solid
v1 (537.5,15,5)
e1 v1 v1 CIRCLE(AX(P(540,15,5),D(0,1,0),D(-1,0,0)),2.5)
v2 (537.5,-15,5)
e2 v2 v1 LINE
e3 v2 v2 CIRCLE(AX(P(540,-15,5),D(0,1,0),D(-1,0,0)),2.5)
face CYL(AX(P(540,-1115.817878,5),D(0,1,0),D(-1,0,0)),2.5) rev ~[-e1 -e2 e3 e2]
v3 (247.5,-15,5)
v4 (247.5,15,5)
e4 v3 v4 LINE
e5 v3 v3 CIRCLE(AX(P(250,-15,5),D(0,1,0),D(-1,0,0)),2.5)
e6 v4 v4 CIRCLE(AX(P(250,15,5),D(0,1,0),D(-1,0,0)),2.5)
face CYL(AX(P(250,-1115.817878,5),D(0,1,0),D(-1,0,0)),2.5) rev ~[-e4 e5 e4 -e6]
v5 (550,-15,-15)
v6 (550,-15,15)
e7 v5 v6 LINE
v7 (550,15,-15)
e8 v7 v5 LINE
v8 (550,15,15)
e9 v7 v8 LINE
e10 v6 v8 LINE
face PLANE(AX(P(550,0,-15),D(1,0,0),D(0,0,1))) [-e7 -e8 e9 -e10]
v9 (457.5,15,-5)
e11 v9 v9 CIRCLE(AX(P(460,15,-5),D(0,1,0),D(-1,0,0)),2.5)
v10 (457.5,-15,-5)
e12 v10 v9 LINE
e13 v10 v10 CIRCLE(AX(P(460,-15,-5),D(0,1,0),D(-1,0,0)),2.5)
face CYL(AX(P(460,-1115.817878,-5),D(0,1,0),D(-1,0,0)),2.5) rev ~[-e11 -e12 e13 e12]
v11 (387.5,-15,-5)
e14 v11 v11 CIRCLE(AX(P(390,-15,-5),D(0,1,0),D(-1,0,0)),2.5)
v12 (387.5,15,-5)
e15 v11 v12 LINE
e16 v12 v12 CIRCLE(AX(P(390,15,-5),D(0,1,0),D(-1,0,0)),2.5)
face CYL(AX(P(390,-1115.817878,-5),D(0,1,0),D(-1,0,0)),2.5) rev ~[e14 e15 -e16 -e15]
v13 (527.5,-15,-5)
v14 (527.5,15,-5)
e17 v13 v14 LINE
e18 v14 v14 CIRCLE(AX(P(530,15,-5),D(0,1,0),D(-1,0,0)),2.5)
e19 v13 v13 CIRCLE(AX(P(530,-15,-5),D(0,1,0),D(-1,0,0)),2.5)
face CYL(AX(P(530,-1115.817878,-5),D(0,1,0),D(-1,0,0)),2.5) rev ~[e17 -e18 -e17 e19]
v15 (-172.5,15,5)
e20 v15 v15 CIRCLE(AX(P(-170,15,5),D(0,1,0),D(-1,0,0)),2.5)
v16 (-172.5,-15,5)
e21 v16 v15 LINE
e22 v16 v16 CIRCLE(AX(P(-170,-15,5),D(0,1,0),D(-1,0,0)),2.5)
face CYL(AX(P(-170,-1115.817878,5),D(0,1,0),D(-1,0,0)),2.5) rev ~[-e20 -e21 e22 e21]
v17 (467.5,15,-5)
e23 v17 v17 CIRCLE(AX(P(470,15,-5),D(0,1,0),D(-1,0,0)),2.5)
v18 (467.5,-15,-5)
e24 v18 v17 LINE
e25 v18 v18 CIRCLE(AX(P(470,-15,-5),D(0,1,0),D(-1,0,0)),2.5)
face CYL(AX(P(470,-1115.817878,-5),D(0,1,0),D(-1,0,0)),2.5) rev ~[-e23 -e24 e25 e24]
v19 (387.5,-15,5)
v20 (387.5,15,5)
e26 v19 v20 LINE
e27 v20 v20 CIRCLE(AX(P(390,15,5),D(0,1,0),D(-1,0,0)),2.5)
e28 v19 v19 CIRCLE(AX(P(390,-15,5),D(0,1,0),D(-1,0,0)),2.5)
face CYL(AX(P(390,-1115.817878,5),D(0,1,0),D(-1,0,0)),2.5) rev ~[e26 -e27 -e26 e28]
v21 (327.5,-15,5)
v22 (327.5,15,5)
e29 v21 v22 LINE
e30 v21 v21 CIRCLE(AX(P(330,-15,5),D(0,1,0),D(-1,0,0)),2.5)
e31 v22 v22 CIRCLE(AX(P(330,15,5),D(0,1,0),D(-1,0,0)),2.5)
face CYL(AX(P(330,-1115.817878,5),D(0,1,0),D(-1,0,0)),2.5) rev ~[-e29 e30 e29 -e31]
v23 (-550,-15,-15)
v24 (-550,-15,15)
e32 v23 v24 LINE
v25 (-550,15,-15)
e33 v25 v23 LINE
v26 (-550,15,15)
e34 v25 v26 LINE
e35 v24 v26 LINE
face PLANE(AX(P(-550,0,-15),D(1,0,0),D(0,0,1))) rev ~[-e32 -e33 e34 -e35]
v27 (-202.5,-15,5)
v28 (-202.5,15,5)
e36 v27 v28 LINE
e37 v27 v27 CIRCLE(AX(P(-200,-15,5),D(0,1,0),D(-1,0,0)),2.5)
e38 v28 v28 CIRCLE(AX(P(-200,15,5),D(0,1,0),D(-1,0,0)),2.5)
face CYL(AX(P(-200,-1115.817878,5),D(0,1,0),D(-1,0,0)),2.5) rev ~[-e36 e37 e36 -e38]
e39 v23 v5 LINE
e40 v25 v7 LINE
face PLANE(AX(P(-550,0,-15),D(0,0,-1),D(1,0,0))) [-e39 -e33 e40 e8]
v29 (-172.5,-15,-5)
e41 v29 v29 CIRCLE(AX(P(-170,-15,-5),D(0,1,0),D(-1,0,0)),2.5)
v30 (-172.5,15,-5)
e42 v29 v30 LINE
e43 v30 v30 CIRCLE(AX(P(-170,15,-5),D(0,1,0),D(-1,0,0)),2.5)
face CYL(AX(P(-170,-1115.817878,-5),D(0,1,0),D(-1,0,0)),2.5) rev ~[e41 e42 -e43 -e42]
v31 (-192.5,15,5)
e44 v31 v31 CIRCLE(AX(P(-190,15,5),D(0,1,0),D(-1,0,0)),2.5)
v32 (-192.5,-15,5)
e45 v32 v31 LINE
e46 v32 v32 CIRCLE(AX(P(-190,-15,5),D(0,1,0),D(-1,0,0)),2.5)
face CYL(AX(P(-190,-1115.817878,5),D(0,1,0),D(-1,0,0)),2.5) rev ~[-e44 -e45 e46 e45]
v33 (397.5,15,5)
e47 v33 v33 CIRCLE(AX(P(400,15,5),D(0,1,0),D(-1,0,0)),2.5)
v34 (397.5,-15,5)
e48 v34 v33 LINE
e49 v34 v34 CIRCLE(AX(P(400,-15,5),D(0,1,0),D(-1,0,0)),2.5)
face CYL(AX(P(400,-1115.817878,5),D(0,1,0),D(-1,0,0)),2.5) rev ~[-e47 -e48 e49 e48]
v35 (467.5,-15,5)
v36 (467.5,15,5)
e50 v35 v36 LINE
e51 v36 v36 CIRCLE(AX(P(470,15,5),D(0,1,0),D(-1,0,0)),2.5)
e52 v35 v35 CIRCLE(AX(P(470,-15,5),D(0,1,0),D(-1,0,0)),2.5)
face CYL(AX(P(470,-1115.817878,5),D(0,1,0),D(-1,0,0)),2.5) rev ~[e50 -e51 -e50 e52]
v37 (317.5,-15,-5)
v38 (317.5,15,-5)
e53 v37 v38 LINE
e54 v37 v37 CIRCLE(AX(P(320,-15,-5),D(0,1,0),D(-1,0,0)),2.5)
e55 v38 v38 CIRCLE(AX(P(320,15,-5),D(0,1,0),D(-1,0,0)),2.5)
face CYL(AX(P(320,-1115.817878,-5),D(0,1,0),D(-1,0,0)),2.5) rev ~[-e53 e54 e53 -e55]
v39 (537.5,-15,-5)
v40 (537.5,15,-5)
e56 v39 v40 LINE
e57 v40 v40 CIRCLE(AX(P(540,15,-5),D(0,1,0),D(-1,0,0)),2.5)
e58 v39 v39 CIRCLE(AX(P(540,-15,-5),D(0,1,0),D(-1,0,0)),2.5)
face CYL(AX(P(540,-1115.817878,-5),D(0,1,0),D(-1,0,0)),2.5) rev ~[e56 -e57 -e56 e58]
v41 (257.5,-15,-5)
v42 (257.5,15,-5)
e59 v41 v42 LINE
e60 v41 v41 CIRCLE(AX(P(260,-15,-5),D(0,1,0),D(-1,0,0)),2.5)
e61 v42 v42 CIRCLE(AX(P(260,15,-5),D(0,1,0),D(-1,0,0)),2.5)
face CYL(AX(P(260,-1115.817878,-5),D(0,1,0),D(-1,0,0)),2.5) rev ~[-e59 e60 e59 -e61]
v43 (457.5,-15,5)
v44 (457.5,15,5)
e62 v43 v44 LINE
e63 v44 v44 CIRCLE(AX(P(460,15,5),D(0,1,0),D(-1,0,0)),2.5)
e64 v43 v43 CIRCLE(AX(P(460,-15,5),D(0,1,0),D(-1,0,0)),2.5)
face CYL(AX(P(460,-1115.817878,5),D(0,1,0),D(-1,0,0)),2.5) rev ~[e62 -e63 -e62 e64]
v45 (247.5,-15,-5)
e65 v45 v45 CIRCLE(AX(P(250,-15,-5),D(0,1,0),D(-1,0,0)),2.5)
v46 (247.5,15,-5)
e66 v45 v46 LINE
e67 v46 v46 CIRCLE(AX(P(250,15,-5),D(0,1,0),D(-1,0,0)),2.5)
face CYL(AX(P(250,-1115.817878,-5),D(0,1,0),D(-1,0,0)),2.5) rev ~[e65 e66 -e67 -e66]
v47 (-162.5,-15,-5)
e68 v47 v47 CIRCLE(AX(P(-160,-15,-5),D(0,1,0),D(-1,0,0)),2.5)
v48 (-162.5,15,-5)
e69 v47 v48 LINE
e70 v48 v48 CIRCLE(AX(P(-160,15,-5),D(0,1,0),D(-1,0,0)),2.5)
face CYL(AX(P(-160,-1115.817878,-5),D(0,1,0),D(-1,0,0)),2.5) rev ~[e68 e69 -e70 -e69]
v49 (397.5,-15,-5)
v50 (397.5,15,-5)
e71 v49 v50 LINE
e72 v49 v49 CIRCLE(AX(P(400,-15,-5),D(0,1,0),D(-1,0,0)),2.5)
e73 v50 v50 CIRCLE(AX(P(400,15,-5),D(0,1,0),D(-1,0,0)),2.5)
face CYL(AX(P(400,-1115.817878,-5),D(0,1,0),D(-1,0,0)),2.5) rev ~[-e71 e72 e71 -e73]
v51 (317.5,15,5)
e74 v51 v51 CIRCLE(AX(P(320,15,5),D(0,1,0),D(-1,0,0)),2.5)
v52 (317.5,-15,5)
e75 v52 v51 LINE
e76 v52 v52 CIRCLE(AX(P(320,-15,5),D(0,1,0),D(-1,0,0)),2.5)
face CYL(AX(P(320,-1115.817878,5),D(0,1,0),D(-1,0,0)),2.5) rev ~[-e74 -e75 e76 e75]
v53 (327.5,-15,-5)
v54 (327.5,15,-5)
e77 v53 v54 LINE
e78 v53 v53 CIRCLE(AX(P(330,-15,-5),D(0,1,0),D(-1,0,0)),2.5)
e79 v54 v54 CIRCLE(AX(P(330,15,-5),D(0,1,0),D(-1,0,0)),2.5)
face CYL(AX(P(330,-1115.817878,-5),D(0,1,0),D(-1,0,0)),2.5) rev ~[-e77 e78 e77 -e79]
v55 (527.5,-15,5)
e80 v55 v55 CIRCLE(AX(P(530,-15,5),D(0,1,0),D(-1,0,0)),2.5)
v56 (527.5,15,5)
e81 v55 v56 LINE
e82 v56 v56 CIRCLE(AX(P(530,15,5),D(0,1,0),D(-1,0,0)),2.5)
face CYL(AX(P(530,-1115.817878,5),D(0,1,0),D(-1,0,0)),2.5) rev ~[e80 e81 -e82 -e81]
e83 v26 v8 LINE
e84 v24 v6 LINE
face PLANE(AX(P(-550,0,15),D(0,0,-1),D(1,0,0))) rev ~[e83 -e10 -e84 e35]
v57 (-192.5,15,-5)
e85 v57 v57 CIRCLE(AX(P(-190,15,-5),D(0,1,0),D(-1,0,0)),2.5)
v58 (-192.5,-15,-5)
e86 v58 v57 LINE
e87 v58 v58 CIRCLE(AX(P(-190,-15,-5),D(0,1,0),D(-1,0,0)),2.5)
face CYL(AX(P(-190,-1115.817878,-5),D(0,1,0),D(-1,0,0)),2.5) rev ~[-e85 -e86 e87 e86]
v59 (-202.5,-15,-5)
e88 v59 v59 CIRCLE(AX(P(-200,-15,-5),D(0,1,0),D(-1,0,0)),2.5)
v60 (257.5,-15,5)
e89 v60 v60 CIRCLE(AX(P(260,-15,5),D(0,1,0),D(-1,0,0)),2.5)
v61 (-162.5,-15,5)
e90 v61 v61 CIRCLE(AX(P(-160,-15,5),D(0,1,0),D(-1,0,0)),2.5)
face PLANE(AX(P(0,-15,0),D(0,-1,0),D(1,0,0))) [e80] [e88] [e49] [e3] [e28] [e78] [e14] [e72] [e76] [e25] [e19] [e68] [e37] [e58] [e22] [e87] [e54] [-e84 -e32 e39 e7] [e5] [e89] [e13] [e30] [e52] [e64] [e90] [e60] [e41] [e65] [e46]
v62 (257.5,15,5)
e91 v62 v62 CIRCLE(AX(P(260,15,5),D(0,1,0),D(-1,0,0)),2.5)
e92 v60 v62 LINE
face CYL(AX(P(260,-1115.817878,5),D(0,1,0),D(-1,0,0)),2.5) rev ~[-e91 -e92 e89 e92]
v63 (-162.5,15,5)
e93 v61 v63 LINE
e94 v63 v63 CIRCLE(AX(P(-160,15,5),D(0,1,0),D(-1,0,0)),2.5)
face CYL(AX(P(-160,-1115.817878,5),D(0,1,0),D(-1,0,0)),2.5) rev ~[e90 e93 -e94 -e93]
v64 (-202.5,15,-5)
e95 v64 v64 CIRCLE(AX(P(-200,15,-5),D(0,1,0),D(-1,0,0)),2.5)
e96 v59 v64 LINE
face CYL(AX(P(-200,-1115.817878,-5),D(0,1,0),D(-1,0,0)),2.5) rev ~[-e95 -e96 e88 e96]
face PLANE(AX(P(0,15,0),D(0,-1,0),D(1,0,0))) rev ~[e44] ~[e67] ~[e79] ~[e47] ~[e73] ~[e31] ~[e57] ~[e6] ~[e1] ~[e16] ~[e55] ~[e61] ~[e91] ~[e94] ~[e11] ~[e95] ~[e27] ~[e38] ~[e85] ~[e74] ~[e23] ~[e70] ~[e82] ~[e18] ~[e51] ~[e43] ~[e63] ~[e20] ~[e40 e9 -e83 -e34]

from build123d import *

# Parameters (mm, degrees)
F0_W     = 1100
F0_H     = 30
F1_DEPTH = 15
F3_D     = 5


with BuildPart() as f1:
    # F0 (on Front) → F1 (new body, symmetric)
    with BuildSketch(Plane.XZ):
        Rectangle(F0_W, F0_H)
    extrude(amount=F1_DEPTH, both=True)

    # F3 (through all)
    with Locations(Plane.XZ.offset(15)):
        with Locations((-170, 5), (-170, -5), (-160, -5), (-160, 5), (530, 5), (530, -5), (540, 5), (540, -5), (470, 5), (460, 5), (460, -5), (470, -5), (250, 5), (250, -5), (260, -5), (260, 5), (320, 5), (320, -5), (330, -5), (330, 5), (390, 5), (390, -5), (400, -5), (400, 5), (-190, 5), (-200, 5), (-200, -5), (-190, -5)):
            Hole(F3_D / 2)


solid = f1.part
